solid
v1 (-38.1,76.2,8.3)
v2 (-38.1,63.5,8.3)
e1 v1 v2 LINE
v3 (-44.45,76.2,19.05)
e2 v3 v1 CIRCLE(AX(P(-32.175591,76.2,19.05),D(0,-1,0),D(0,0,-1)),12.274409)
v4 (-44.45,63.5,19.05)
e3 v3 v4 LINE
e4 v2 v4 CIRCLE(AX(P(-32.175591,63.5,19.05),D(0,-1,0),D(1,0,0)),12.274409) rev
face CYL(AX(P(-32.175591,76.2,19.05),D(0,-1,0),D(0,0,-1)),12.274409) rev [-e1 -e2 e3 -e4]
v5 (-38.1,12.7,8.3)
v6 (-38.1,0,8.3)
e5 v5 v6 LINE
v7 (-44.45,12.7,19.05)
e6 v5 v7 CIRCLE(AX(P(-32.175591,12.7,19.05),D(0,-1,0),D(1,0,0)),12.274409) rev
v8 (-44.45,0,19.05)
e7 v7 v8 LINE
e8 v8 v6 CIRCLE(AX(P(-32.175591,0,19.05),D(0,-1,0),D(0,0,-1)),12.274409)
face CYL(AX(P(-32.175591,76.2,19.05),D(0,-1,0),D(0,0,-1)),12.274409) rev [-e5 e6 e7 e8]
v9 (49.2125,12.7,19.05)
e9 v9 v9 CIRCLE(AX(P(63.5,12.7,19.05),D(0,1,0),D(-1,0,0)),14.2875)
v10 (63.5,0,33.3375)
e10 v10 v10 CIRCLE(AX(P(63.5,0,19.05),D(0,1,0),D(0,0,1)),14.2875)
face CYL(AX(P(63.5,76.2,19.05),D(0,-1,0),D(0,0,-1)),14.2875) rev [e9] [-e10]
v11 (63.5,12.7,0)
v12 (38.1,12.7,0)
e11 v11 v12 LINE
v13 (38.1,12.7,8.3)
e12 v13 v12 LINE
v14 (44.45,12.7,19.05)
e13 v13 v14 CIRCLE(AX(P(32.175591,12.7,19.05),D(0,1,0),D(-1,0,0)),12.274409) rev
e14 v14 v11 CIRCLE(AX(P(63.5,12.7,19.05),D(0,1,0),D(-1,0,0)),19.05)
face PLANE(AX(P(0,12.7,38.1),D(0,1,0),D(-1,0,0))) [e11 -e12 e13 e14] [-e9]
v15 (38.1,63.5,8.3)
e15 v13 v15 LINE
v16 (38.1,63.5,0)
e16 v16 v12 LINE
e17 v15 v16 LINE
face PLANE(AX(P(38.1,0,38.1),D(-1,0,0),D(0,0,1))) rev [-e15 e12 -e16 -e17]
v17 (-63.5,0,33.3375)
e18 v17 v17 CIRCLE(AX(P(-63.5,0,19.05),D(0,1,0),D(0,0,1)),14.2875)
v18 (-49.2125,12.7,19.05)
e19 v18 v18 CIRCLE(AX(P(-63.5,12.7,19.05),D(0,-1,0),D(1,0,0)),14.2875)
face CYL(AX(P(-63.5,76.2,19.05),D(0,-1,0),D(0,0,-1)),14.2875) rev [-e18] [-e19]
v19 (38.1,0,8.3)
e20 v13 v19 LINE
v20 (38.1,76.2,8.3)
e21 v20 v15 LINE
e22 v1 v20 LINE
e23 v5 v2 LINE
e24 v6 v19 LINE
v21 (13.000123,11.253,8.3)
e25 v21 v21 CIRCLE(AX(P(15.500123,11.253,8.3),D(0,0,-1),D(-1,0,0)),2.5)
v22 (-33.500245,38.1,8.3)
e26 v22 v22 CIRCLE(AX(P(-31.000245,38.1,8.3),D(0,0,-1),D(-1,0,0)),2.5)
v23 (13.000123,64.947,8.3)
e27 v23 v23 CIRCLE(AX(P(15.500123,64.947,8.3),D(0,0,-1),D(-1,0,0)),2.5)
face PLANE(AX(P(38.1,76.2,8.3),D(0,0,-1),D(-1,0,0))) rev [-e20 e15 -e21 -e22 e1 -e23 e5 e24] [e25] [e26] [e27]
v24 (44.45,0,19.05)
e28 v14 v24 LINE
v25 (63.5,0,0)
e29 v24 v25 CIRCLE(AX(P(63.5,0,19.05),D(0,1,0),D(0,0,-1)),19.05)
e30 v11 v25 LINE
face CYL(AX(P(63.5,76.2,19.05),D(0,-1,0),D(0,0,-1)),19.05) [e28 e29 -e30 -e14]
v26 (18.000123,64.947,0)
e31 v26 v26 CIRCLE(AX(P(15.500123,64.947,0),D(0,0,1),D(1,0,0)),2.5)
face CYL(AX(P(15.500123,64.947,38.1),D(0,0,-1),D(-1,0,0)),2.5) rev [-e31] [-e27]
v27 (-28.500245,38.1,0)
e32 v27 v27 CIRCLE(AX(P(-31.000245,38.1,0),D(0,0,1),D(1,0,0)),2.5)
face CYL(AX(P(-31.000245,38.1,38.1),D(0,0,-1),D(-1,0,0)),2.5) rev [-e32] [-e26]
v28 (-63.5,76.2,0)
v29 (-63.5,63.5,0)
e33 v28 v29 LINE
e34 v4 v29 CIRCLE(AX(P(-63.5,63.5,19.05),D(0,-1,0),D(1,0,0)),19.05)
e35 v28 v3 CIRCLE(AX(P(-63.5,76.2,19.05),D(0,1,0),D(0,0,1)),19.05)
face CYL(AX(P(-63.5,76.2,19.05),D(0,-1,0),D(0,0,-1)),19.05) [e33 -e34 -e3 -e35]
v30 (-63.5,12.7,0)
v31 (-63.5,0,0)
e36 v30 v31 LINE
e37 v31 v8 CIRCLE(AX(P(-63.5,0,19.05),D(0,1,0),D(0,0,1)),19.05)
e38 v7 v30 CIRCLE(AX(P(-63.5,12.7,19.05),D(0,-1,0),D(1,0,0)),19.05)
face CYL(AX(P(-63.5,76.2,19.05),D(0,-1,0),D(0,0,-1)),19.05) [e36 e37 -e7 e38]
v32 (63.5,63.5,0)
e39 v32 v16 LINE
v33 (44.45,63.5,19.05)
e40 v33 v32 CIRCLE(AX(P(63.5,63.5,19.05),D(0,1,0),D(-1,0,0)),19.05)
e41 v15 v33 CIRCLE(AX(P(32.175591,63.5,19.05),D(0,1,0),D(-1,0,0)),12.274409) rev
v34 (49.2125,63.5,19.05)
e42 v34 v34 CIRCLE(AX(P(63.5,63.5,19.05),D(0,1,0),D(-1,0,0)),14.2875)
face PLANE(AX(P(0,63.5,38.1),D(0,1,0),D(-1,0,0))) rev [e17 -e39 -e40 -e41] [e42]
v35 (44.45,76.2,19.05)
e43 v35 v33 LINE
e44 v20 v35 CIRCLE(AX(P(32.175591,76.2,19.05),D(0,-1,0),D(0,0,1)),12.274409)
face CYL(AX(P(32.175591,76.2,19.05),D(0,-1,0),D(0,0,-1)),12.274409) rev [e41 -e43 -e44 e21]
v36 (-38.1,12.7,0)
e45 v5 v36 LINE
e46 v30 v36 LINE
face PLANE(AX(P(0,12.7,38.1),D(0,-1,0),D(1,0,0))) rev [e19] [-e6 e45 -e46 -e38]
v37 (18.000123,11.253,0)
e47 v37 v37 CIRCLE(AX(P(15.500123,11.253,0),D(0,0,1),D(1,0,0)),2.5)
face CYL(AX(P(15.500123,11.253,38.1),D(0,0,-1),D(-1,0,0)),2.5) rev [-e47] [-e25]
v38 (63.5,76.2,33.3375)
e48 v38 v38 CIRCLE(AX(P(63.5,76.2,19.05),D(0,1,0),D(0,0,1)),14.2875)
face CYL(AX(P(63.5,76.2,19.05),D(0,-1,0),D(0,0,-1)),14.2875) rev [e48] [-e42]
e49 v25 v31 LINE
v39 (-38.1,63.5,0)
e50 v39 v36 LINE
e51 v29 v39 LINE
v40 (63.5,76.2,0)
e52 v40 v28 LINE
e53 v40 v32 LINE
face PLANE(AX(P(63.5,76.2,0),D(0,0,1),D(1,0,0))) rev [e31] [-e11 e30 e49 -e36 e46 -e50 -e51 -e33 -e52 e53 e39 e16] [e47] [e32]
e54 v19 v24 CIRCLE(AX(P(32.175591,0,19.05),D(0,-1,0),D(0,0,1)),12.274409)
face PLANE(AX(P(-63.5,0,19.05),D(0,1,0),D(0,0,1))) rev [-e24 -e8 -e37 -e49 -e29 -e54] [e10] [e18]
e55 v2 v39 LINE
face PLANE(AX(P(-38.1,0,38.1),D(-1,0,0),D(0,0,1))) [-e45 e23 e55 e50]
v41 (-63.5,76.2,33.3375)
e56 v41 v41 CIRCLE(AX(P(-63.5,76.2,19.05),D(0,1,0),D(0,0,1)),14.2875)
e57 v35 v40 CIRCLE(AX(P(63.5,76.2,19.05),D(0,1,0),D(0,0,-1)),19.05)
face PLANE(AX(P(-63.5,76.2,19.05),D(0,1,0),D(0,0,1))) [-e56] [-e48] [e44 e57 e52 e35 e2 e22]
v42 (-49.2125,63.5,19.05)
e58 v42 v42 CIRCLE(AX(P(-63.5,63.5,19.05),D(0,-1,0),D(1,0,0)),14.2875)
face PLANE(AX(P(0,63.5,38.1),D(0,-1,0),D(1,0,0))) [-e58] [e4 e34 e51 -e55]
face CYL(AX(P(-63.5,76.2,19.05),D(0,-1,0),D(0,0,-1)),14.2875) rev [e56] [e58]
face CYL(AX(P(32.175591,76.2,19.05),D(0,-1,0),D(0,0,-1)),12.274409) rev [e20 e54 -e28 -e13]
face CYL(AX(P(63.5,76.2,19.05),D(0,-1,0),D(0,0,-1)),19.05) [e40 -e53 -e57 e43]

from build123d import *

# Parameters (mm, degrees)
SKETCH1_R               = 14.2875
BOSS_EXTRUDE1_DEPTH     = 76.2
SKETCH2_W               = 25.4
SKETCH2_H               = 50.8
SKETCH2_W_2             = 104.590829903
SKETCH2_W_3             = 68.699540571
SKETCH2_R               = 2.5
CUT_EXTRUDE1_DEPTH      = 1
CUT_EXTRUDE1_DEPTH_BACK = 39.1


with BuildPart() as part:
    # Sketch1 → Boss-Extrude1 (new body)
    with BuildSketch(Plane(origin=(0, 0, 0), x_dir=(1, 0, 0), z_dir=(0, 1, 0))):
        with BuildLine():
            Line((63.5, 0), (-63.5, 0))
            ThreePointArc((-63.5, 0), (-76.970384182, -32.520384182), (-44.45, -19.05))
            ThreePointArc((-44.45, -19.05), (-42.743933719, -12.807304268), (-38.1, -8.3))
            Line((-38.1, -8.3), (38.1, -8.3))
            ThreePointArc((38.1, -8.3), (42.743933719, -12.807304268), (44.45, -19.05))
            ThreePointArc((44.45, -19.05), (76.970384182, -32.520384182), (63.5, 0))
        make_face()
        with Locations((-63.5, -19.05)):
            Circle(SKETCH1_R, mode=Mode.SUBTRACT)
        with Locations((63.5, -19.05)):
            Circle(SKETCH1_R, mode=Mode.SUBTRACT)
    extrude(amount=BOSS_EXTRUDE1_DEPTH)

    # Sketch2 → Cut-Extrude1 (cut, two sides)
    with BuildSketch(Plane(origin=(0, 0, 0), x_dir=(-1, 0, 0), z_dir=(0, 0, -1))) as cut_extrude1_sk:
        with Locations((-50.8, 38.1)):
            Rectangle(SKETCH2_W, SKETCH2_H)
        with Locations((-115.795414952, 38.1)):
            Rectangle(SKETCH2_W_2, SKETCH2_H)
        with Locations((50.8, 38.1)):
            Rectangle(SKETCH2_W, SKETCH2_H)
        with Locations((97.849770285, 38.1)):
            Rectangle(SKETCH2_W_3, SKETCH2_H)
        with Locations((-15.500122677, 64.947)):
            Circle(SKETCH2_R)
        with Locations((-15.500122677, 11.253)):
            Circle(SKETCH2_R)
        with Locations((31.000245354, 38.1)):
            Circle(SKETCH2_R)
    extrude(amount=CUT_EXTRUDE1_DEPTH, mode=Mode.SUBTRACT)
    extrude(cut_extrude1_sk.sketch, amount=-CUT_EXTRUDE1_DEPTH_BACK, mode=Mode.SUBTRACT)


solid = part.part
